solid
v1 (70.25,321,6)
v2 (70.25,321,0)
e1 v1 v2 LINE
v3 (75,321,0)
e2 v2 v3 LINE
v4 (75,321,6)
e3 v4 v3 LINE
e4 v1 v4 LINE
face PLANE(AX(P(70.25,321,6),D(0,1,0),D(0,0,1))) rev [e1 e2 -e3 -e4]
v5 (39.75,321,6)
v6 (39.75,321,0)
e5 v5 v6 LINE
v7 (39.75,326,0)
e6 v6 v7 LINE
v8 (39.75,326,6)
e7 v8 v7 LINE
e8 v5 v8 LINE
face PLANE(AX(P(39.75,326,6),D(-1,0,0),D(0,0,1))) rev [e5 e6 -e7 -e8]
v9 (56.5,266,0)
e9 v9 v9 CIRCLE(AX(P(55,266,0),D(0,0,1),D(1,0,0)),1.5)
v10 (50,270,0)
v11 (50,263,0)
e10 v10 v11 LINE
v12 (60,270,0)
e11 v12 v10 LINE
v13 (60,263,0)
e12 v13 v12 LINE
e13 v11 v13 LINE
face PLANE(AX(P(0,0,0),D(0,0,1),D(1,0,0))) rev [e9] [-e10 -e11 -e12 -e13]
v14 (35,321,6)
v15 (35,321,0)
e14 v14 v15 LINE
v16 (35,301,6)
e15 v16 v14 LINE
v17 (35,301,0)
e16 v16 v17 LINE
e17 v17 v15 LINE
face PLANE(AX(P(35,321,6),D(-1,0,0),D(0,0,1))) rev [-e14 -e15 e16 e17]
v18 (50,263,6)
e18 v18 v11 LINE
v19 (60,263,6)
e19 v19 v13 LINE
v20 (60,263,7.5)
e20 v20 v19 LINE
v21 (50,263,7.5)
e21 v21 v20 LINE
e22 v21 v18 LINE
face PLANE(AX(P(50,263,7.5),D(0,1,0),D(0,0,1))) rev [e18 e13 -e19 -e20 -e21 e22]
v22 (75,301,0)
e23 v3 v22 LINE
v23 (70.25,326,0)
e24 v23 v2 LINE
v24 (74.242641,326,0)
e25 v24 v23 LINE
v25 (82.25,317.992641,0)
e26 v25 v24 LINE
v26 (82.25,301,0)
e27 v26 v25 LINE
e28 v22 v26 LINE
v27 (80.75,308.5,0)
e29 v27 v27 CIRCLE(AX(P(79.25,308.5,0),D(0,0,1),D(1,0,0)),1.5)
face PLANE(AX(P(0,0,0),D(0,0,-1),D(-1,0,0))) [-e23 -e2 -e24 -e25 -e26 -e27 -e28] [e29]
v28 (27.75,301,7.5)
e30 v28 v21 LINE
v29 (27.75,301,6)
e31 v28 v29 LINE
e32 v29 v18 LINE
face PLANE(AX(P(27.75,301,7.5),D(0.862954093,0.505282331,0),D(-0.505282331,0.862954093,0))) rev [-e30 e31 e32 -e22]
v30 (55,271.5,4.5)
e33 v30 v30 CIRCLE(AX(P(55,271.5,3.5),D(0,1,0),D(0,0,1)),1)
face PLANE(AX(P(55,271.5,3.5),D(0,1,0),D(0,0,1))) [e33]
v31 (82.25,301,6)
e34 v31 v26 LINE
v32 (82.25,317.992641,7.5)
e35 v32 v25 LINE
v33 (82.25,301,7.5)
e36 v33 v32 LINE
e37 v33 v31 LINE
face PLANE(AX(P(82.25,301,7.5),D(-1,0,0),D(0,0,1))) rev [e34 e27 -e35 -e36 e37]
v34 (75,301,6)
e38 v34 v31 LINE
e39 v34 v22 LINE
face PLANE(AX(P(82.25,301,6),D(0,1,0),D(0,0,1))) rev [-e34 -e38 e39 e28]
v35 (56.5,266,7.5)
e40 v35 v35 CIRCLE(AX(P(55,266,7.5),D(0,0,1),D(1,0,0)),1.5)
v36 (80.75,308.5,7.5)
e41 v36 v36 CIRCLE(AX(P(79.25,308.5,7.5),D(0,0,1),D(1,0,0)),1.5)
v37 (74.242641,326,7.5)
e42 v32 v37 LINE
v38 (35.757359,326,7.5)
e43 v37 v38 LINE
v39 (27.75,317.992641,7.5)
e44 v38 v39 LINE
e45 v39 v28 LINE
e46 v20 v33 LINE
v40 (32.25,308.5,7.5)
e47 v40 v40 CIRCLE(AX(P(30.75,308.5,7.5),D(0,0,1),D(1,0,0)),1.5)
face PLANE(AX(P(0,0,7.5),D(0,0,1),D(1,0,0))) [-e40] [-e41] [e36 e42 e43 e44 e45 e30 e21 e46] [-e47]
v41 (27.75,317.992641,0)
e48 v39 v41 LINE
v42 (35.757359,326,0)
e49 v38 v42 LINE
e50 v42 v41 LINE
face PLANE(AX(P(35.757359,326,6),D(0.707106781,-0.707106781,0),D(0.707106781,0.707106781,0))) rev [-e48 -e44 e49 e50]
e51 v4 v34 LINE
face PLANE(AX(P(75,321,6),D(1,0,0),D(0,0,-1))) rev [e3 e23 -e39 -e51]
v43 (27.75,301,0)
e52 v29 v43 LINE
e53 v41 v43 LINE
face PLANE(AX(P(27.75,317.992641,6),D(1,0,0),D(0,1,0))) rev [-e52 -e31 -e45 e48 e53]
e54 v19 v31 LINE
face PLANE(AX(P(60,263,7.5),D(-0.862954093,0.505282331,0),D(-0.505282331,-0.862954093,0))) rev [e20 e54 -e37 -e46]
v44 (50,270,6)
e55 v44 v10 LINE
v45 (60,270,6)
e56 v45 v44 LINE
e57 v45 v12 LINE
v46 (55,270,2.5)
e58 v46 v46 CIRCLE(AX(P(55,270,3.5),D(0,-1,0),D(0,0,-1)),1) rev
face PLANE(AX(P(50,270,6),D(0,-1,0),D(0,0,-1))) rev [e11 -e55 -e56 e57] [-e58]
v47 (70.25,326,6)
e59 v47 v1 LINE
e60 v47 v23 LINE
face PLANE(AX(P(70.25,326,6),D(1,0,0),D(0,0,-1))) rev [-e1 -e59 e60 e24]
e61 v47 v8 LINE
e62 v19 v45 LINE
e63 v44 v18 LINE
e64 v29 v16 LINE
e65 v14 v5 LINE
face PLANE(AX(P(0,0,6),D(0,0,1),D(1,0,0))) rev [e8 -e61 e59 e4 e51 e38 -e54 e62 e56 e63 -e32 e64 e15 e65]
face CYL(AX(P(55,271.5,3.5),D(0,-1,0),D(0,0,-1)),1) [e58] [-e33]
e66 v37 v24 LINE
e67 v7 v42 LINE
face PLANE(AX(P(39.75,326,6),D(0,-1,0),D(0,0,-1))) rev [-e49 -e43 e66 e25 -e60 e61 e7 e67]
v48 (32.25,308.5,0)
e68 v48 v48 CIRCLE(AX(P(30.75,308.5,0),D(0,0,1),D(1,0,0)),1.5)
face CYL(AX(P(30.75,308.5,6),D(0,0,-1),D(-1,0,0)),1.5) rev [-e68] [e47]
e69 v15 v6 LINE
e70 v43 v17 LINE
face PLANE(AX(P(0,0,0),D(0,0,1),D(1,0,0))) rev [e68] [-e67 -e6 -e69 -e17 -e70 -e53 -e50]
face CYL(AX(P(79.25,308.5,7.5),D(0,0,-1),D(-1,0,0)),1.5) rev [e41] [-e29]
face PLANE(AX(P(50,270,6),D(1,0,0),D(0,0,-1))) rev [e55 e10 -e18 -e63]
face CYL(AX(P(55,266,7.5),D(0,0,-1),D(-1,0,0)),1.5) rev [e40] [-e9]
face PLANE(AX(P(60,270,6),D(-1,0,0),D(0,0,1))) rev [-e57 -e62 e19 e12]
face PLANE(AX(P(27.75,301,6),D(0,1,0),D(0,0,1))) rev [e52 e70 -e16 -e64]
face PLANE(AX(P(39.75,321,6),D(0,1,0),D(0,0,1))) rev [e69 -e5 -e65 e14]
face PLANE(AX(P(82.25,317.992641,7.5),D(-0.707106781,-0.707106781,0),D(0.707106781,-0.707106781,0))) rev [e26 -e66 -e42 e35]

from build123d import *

# Parameters (mm, degrees)
SKETCH_1_R        = 1.5
EXTRUDE_1_DEPTH   = 6
EXTRUDE_1_2_DEPTH = 6
SKETCH_1_W        = 10
SKETCH_1_H        = 7
EXTRUDE_1_3_DEPTH = 6
SKETCH_2_R        = 1.5
EXTRUDE_2_DEPTH   = 1.5
SKETCH_3_R        = 1
EXTRUDE_3_DEPTH   = 1.5


with BuildPart() as part:
    # Эскиз1 → Бобышка-Вытянуть1 (new body)
    with BuildSketch(Plane.XY):
        Polygon((39.75, 326), (39.75, 321), (35, 321), (35, 301), (27.75, 301), (27.75, 317.992640687), (35.757359313, 326), align=None)
        with Locations((30.75, 308.5)):
            Circle(SKETCH_1_R, mode=Mode.SUBTRACT)
    extrude(amount=EXTRUDE_1_DEPTH)



with BuildPart() as body_2:
    # Эскиз1 → Extrude 1 2 (new body)
    with BuildSketch(Plane.XY):
        Polygon((82.25, 301), (75, 301), (75, 321), (70.25, 321), (70.25, 326), (74.242640687, 326), (82.25, 317.992640687), align=None)
        with Locations((79.25, 308.5)):
            Circle(SKETCH_1_R, mode=Mode.SUBTRACT)
    extrude(amount=EXTRUDE_1_2_DEPTH)


with BuildPart() as body_3:
    # Эскиз1 → Extrude 1 3 (new body)
    with BuildSketch(Plane.XY):
        with Locations((55, 266.5)):
            Rectangle(SKETCH_1_W, SKETCH_1_H)
        with Locations((55, 266)):
            Circle(SKETCH_1_R, mode=Mode.SUBTRACT)
    extrude(amount=EXTRUDE_1_3_DEPTH)


with BuildPart() as part_1:
    add(part.part)

    add(body_2.part)  # Бобышка-Вытянуть2 merges body 2

    add(body_3.part)  # Бобышка-Вытянуть2 merges body 3
    # Эскиз2 → Бобышка-Вытянуть2 (add)
    with BuildSketch(Plane.XY.offset(6)):
        Polygon((82.25, 301), (82.25, 317.992640687), (74.242640687, 326), (70.25, 326), (39.75, 326), (35.757359313, 326), (27.75, 317.992640687), (27.75, 301), (50, 263), (60, 263), align=None)
        with Locations((55, 266)):
            Circle(SKETCH_2_R, mode=Mode.SUBTRACT)
        with Locations((79.25, 308.5)):
            Circle(SKETCH_2_R, mode=Mode.SUBTRACT)
        with Locations((30.75, 308.5)):
            Circle(SKETCH_2_R, mode=Mode.SUBTRACT)
    extrude(amount=EXTRUDE_2_DEPTH)

    # Эскиз3 → Бобышка-Вытянуть3 (add)
    with BuildSketch(Plane(origin=(0, 270, 0), x_dir=(1, 0, 0), z_dir=(0, 1, 0))):
        with Locations(Location((55, -3.5, 0), (0, 0, 90))):
            Circle(SKETCH_3_R)
    extrude(amount=EXTRUDE_3_DEPTH)


solid = part_1.part
